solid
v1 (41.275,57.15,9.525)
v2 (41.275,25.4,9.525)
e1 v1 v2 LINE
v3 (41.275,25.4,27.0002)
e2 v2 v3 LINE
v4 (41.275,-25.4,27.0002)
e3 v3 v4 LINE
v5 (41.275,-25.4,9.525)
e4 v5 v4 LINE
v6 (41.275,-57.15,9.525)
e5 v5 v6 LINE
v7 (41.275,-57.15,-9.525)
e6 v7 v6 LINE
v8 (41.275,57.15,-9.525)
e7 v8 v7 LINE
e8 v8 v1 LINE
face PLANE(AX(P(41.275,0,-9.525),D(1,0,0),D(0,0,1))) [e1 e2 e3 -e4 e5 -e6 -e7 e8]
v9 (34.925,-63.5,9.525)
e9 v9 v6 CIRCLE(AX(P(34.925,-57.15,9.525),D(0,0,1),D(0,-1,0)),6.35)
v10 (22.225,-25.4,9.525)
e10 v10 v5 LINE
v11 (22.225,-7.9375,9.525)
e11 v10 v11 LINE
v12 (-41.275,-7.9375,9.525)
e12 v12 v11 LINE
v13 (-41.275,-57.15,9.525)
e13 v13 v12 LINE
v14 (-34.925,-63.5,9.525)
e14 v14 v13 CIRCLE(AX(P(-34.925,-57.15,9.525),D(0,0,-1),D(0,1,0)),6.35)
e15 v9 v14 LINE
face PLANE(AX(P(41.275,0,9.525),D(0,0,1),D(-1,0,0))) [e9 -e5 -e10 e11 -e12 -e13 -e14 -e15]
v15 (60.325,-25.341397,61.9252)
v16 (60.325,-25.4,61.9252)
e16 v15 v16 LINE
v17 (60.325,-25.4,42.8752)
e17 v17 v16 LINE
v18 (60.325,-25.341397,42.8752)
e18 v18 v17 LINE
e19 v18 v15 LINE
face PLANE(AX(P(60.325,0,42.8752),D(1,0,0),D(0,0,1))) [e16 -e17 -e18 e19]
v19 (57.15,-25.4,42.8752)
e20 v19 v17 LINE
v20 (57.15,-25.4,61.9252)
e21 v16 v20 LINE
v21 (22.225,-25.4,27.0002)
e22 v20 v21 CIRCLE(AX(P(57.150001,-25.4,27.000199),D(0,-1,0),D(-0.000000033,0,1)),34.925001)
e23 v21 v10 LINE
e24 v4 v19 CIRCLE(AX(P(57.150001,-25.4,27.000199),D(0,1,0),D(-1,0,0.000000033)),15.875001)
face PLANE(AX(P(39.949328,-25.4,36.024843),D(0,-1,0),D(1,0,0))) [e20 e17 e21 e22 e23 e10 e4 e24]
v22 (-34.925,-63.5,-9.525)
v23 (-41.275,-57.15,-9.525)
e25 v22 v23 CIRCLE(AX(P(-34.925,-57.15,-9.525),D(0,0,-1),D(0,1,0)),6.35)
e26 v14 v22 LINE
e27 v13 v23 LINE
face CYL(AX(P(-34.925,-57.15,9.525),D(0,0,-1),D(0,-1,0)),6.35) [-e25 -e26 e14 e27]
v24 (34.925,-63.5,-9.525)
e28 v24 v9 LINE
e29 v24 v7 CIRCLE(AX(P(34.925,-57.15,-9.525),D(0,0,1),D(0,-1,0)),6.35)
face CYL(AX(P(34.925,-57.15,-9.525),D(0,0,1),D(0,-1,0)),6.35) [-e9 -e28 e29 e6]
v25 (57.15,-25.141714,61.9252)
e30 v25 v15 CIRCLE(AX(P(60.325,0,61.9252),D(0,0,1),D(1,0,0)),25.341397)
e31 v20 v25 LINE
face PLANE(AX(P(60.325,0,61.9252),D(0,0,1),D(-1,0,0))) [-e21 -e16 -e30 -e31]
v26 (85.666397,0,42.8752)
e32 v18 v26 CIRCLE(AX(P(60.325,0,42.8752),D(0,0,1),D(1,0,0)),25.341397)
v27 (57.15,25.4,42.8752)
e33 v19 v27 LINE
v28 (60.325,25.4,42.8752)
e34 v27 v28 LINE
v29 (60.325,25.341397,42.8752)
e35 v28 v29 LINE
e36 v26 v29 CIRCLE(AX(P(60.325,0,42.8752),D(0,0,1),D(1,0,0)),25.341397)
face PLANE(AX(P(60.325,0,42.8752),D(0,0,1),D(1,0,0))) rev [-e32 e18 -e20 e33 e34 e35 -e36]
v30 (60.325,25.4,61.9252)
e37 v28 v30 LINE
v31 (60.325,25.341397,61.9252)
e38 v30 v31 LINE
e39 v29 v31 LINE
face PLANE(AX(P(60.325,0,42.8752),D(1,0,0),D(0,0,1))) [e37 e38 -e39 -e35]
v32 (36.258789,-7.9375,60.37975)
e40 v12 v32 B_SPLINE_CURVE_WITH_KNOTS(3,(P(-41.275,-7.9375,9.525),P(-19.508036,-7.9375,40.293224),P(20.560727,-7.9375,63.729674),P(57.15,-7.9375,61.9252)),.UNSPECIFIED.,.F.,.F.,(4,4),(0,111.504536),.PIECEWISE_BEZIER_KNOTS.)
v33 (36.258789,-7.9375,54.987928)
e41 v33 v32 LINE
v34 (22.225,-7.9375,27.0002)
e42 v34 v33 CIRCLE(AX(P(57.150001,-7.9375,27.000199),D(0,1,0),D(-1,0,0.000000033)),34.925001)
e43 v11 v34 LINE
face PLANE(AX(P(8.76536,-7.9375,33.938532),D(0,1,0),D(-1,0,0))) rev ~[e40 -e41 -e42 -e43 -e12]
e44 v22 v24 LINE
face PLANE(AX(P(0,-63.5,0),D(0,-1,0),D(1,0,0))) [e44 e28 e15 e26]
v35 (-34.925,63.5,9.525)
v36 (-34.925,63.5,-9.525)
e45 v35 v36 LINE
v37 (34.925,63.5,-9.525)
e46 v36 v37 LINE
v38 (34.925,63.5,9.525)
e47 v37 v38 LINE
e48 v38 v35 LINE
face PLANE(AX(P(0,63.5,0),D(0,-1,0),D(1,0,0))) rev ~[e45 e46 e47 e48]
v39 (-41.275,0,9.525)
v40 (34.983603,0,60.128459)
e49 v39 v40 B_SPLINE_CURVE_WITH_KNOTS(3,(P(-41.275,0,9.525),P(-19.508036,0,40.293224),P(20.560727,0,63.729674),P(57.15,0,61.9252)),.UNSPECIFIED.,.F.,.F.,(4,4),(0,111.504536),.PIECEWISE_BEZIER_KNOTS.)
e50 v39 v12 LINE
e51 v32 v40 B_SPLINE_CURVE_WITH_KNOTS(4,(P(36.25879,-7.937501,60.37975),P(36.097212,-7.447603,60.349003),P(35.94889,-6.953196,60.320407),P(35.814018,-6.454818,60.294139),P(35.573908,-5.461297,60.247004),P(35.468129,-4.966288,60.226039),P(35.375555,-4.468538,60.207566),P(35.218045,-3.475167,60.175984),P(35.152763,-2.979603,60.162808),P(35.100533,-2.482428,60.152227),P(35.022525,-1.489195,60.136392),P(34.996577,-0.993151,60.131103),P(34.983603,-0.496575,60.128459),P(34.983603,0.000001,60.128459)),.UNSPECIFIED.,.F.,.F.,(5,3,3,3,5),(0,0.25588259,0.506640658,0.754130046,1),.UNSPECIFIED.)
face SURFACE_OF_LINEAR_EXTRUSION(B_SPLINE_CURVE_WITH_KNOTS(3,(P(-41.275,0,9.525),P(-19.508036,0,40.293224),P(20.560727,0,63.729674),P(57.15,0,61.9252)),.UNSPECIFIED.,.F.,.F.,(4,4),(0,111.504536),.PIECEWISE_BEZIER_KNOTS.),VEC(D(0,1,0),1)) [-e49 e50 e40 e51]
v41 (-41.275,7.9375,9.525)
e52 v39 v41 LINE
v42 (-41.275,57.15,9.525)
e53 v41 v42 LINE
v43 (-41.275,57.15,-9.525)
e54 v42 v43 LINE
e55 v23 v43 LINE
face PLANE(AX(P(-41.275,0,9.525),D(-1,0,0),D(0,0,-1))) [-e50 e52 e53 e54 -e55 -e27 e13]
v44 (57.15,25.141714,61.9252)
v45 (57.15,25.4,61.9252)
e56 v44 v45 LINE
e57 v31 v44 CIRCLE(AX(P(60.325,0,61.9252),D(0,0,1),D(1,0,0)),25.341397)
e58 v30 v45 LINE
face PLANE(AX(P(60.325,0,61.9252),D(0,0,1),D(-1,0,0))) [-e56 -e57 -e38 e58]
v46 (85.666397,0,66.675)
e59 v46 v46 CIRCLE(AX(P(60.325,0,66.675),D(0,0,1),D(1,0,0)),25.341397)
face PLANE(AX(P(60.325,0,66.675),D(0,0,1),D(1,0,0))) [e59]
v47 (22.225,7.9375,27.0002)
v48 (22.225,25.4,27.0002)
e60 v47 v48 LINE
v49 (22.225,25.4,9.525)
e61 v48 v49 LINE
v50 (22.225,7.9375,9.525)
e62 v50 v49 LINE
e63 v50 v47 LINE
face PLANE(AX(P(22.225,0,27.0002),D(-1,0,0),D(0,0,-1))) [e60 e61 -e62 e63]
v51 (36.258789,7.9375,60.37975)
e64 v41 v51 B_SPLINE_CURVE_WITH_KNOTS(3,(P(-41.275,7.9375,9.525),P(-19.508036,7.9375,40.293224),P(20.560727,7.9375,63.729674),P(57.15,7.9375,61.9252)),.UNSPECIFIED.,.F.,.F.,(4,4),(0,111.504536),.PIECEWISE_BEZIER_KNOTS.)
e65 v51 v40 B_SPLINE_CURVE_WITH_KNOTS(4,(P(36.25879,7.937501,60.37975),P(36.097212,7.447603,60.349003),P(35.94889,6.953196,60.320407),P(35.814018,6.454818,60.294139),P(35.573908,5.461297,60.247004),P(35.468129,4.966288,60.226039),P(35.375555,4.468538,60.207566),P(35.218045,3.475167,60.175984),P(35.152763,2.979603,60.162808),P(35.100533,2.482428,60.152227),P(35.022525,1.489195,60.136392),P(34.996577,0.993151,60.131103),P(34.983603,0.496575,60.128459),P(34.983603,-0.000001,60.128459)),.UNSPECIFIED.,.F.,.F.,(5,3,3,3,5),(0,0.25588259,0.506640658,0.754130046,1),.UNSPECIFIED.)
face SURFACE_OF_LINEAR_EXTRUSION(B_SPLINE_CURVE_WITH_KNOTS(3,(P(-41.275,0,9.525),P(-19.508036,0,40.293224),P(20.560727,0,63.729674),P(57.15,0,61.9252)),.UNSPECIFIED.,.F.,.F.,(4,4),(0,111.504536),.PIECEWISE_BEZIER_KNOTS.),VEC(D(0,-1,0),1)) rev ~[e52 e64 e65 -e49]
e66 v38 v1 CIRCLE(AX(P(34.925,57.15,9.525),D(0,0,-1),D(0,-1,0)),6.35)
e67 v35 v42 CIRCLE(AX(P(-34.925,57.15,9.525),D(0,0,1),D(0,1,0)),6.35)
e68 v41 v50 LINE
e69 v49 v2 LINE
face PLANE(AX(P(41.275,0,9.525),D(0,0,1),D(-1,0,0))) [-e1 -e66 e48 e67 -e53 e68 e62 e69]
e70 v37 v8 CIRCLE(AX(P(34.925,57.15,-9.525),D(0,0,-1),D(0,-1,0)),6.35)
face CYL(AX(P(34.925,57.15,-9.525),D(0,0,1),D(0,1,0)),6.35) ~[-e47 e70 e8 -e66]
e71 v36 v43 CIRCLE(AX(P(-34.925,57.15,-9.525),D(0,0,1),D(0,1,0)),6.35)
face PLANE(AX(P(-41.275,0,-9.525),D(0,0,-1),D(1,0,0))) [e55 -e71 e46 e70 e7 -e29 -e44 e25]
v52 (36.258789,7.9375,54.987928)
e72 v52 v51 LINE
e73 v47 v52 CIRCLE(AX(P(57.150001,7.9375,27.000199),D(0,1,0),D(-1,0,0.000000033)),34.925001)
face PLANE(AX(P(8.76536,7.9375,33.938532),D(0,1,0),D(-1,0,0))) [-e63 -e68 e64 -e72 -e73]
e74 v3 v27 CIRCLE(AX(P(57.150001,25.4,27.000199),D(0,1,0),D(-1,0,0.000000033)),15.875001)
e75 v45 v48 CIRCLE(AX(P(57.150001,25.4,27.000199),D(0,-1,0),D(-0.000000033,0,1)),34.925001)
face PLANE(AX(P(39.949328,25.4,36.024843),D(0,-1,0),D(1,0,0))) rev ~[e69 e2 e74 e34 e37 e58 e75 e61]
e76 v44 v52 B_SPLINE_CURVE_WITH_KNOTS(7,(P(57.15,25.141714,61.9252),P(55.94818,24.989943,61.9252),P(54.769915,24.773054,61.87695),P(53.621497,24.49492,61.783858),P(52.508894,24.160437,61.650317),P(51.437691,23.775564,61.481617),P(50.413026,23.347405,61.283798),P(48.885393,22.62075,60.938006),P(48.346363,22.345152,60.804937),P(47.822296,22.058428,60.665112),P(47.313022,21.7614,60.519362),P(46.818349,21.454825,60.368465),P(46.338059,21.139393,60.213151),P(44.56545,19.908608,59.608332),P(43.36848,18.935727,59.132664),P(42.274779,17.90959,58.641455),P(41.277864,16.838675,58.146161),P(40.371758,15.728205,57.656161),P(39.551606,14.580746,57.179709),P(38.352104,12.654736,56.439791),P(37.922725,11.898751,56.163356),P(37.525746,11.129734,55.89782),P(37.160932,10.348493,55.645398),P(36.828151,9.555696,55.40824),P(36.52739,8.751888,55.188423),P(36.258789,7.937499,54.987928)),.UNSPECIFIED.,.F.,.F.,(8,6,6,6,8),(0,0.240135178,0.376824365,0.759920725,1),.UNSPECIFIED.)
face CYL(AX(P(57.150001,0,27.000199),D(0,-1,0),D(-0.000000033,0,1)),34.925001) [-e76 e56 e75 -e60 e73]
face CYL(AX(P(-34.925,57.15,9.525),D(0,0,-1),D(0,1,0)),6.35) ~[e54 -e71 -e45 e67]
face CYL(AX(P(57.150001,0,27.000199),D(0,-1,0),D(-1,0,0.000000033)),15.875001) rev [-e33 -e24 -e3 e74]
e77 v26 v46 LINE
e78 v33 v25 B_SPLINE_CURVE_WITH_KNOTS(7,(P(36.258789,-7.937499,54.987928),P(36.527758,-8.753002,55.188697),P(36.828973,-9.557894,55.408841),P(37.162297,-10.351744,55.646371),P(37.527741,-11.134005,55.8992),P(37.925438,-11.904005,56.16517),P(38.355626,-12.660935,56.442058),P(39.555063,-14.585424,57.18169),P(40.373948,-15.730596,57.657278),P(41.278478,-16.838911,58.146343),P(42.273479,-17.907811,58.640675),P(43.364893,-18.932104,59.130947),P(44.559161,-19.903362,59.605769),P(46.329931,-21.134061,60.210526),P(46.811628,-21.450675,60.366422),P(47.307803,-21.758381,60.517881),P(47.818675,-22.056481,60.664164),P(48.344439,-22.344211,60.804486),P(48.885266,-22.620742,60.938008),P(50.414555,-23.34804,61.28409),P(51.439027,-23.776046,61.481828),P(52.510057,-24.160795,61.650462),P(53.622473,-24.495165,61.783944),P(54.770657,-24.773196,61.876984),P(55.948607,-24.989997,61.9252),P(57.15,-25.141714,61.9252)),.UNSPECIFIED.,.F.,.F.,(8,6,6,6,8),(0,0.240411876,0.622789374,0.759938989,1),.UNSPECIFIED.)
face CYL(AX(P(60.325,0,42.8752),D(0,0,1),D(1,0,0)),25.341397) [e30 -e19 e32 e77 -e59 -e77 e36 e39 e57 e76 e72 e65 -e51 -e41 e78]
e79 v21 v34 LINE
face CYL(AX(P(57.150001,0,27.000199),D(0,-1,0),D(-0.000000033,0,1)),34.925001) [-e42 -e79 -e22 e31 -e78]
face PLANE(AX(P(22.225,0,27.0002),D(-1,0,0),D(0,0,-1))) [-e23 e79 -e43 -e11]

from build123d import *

# Parameters (mm, degrees)
F1_DEPTH = 63.5
F2_DEPTH = 25.4
F3_DEPTH = 7.9375
F5_R     = 6.35


with BuildPart() as f1:
    # F0 (on Front) → F1 (new body, symmetric)
    with BuildSketch(Plane.XZ):
        Polygon((-41.275, -9.525), (41.275, -9.525), (41.275, 9.525), (22.225, 9.525), (-41.275, 9.525), align=None)
    extrude(amount=F1_DEPTH, both=True)

    # F0 (on Front) → F2 (join, symmetric)
    with BuildSketch(Plane.XZ):
        with BuildLine():
            Line((22.225, 9.525), (41.275, 9.525))
            Line((41.275, 9.525), (41.275, 27.0002))
            ThreePointArc((41.275, 27.0002), (45.92468, 38.22552), (57.15, 42.8752))
            Line((57.15, 42.8752), (60.325, 42.8752))
            Line((60.325, 42.8752), (60.325, 61.9252))
            Line((60.325, 61.9252), (57.15, 61.9252))
            ThreePointArc((57.15, 61.9252), (32.454296, 51.695904), (22.225, 27.0002))
            Line((22.225, 27.0002), (22.225, 9.525))
        make_face()
    extrude(amount=F2_DEPTH, both=True)

    # F0 (on Front) → F3 (join, symmetric)
    with BuildSketch(Plane.XZ):
        with BuildLine():
            add(Edge.make_bspline(
                [(-41.275, 9.525), (-19.508036, 40.293224), (20.560727, 63.729674), (57.15, 61.9252)],
                knots=[0, 0, 0, 0, 111.504536, 111.504536, 111.504536, 111.504536], degree=3))
            Line((-41.275, 9.525), (22.225, 9.525))
            Line((22.225, 9.525), (22.225, 27.0002))
            ThreePointArc((22.225, 27.0002), (32.454296, 51.695904), (57.15, 61.9252))
        make_face()
    extrude(amount=F3_DEPTH, both=True)

    # F0 (on Front) → F4 (revolve)
    with BuildSketch(Plane.XZ):
        Polygon((60.325, 66.675), (60.325, 61.9252), (60.325, 42.8752), (85.666397, 42.8752), (85.666397, 66.675), align=None)
    revolve(axis=Axis((60.325, 0, 52.3875), (0, 0, 1)))

    # F5
    f5_edges = [f1.edges().sort_by_distance(p)[0] for p in [
        (-41.275, -63.5, 0),
        (41.275, -63.5, 0),
        (41.275, 63.5, 0),
        (-41.275, 63.5, 0),
    ]]
    fillet(f5_edges, radius=F5_R)


solid = f1.part
